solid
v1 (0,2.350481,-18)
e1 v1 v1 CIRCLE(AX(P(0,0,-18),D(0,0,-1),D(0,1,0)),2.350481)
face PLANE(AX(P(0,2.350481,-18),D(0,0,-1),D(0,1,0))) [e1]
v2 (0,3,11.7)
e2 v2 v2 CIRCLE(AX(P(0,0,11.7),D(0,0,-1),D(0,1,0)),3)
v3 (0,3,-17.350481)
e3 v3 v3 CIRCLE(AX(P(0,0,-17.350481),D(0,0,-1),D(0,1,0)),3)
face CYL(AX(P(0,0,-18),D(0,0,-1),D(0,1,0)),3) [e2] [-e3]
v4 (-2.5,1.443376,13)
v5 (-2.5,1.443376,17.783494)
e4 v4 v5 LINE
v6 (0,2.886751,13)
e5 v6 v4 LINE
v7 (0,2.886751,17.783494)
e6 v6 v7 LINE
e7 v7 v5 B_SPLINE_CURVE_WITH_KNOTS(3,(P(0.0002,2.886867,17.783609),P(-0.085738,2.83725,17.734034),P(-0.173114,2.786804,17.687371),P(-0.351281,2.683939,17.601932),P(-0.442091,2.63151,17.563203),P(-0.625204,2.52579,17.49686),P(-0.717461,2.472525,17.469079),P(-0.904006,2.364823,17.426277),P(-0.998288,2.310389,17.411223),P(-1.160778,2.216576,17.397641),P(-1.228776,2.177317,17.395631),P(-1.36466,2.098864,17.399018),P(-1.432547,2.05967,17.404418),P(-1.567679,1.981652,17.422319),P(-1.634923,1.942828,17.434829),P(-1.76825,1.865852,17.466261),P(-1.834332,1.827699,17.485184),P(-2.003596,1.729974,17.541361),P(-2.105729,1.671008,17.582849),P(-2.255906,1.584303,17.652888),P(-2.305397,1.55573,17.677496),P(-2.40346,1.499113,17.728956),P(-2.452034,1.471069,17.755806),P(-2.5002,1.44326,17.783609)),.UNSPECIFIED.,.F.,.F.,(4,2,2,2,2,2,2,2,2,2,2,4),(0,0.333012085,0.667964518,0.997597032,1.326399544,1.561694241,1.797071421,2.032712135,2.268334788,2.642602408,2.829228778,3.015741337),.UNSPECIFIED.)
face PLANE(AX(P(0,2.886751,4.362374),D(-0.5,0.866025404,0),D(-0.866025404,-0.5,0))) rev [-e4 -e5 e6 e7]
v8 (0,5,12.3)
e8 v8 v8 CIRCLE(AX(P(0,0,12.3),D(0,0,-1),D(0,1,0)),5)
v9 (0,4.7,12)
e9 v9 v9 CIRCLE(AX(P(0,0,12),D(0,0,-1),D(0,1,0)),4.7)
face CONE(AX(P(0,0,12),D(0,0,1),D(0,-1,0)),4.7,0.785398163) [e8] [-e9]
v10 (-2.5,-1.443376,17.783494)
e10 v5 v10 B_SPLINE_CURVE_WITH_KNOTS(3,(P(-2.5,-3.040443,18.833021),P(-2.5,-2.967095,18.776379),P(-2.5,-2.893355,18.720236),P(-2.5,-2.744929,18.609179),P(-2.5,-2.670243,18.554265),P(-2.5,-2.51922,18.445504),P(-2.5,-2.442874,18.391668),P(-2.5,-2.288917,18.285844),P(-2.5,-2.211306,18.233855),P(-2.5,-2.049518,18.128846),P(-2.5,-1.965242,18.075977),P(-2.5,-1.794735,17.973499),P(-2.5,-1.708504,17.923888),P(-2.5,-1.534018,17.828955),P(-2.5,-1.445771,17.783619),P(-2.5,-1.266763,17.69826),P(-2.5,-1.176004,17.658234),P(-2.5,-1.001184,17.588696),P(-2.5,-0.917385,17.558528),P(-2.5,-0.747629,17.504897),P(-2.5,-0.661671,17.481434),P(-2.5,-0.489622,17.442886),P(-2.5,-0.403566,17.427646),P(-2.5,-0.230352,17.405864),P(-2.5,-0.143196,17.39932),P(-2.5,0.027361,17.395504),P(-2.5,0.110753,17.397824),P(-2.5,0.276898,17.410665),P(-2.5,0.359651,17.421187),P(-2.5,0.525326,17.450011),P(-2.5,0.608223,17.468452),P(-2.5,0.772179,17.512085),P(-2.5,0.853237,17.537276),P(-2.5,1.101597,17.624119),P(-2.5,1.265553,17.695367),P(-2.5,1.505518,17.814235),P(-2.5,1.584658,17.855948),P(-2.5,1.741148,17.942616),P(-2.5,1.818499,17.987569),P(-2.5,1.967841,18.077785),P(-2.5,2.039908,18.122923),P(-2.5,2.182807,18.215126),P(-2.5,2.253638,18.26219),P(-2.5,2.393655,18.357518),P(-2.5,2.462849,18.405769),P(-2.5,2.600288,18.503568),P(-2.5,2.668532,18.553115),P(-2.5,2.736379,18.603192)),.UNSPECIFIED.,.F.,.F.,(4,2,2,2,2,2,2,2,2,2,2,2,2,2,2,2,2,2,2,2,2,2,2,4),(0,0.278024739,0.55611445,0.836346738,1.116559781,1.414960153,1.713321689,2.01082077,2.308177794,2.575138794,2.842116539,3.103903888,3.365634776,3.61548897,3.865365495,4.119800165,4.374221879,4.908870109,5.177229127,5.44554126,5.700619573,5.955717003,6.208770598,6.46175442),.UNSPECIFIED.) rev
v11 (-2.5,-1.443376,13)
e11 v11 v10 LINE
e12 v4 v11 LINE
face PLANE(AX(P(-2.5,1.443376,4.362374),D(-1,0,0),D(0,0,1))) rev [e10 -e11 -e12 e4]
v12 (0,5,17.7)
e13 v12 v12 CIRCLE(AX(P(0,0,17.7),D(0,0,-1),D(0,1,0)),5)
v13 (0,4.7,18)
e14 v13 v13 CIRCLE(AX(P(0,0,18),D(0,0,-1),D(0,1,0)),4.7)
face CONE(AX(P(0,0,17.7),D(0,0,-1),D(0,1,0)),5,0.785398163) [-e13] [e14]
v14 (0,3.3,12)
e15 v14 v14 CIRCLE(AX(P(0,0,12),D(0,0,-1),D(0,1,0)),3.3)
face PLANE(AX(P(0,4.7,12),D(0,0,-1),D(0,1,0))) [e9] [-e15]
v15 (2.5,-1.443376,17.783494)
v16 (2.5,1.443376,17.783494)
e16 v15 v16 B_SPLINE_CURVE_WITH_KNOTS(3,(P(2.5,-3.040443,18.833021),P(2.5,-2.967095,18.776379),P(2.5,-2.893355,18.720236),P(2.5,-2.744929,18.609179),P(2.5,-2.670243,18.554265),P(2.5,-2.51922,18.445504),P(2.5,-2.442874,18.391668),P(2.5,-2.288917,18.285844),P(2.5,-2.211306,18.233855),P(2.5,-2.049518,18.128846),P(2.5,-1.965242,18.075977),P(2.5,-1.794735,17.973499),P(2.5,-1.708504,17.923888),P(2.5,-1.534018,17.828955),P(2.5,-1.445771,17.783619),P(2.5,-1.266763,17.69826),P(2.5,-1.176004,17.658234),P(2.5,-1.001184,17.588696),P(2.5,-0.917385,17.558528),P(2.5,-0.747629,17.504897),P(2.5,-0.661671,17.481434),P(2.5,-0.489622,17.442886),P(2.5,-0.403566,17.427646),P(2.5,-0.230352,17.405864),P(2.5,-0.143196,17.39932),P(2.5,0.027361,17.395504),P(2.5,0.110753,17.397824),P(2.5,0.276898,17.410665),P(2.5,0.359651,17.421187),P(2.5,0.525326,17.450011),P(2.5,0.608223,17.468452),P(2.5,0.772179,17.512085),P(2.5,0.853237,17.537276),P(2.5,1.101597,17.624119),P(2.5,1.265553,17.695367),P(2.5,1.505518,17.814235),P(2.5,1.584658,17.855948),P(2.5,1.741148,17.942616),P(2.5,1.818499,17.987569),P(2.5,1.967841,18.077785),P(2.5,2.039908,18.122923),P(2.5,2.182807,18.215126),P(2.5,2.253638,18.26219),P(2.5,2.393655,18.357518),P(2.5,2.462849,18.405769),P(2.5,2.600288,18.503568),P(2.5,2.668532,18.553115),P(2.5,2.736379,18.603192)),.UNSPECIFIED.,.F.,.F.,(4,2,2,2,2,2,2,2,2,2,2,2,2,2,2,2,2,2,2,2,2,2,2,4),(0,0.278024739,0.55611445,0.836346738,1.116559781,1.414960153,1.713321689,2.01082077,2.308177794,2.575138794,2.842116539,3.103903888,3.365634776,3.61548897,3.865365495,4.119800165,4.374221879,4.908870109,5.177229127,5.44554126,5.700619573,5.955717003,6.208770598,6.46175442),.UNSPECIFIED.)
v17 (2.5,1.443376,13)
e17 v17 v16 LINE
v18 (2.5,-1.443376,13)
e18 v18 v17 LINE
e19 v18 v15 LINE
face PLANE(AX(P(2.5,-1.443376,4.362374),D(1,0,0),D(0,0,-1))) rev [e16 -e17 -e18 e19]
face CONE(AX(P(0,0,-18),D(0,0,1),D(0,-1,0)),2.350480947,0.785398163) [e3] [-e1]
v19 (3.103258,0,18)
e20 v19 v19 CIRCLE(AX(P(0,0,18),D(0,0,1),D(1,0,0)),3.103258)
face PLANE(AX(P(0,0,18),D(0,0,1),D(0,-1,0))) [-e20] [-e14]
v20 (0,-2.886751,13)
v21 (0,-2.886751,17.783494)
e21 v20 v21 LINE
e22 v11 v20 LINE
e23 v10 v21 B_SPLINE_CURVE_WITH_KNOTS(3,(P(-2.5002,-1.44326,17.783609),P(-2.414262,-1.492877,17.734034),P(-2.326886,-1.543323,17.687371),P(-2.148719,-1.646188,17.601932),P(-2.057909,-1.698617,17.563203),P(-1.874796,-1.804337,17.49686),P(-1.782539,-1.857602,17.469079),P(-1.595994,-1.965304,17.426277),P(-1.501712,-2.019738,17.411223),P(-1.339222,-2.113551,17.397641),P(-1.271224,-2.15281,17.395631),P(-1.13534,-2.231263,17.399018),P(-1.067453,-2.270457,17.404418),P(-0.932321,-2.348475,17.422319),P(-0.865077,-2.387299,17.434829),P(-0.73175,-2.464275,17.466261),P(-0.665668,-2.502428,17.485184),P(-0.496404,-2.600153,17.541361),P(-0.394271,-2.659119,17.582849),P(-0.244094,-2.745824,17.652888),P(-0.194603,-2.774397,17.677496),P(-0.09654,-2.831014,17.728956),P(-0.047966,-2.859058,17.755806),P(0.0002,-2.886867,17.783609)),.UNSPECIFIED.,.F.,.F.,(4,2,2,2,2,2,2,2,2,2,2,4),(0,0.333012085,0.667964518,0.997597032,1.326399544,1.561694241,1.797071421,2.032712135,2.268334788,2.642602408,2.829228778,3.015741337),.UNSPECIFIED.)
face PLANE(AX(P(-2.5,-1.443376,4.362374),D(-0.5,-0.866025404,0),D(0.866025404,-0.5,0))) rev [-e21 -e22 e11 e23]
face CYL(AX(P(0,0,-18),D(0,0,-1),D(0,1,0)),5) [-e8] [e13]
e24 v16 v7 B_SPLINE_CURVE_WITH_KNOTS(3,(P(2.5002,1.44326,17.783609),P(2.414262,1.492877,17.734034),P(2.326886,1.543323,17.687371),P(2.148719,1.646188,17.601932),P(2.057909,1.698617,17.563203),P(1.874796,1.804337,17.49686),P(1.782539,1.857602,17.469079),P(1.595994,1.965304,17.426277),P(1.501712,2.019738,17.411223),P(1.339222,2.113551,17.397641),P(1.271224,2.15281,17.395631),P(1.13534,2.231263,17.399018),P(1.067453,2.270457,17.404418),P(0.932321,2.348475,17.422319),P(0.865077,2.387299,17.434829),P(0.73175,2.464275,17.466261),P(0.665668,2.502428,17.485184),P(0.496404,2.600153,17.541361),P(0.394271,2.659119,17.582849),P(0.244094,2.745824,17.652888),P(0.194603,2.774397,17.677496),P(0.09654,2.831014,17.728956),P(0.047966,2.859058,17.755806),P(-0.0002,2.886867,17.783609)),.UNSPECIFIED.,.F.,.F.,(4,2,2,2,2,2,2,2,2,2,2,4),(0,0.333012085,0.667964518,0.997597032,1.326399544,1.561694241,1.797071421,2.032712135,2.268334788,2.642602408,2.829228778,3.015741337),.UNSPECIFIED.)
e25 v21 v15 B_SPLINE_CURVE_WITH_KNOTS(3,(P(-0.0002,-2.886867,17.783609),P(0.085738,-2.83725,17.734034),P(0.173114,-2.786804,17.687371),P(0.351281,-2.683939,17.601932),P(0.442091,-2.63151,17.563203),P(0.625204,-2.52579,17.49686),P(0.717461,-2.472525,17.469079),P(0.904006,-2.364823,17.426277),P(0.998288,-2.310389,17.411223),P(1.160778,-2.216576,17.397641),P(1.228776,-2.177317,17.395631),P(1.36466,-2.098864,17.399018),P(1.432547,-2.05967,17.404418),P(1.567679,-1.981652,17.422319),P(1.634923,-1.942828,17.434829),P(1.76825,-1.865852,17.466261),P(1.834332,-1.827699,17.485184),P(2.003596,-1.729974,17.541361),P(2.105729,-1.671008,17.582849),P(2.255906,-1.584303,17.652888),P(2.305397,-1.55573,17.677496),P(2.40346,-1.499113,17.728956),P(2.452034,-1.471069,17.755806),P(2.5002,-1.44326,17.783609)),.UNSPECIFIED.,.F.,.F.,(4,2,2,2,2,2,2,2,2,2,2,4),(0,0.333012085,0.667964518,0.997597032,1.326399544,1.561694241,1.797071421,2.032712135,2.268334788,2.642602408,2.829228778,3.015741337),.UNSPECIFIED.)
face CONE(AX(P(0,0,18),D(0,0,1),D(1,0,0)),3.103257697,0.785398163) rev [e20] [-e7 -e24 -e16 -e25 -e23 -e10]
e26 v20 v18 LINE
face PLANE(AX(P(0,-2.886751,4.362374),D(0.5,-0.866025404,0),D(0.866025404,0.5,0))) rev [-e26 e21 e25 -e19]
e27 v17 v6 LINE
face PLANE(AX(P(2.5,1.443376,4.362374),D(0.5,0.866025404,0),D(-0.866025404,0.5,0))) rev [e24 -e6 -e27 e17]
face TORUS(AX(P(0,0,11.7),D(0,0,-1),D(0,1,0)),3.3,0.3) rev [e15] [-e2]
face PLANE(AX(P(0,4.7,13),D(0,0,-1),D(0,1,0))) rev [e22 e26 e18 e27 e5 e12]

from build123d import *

# Parameters (mm, degrees)
CUT_EXTRUDE1_DEPTH = 5
SKETCH4_R          = 3.103257697
CUT_EXTRUDE2_DEPTH = 5
CUT_EXTRUDE2_DRAFT = -45


with BuildPart() as part:
    # Sketch2 → Revolve1 (revolve)
    with BuildSketch(Plane(origin=(0, 0, 0), x_dir=(0, 0, -1), z_dir=(1, 0, 0))):
        with BuildLine():
            Line((-18, 0), (-18, 4.7))
            Line((-18, 4.7), (-17.7, 5))
            Line((-17.7, 5), (-12.3, 5))
            Line((-12.3, 5), (-12, 4.7))
            Line((-12, 4.7), (-12, 3.3))
            ThreePointArc((-12, 3.3), (-11.912132034, 3.087867966), (-11.7, 3))
            Line((-11.7, 3), (17.350480947, 3))
            Line((17.350480947, 3), (18, 2.350480947))
            Line((18, 2.350480947), (18, 0))
            Line((18, 0), (-18, 0))
        make_face()
    revolve(axis=Axis((0, 0, -18), (0, 0, 1)))

    # Sketch3 → Cut-Extrude1 (cut)
    with BuildSketch(Plane.XY.offset(18)):
        Polygon((2.5, -1.443375673), (2.5, 1.443375673), (0, 2.886751346), (-2.5, 1.443375673), (-2.5, -1.443375673), (0, -2.886751346), align=None)
    extrude(amount=-CUT_EXTRUDE1_DEPTH, mode=Mode.SUBTRACT)


with BuildPart() as cut_extrude2_tool:
    # Sketch4 → Cut-Extrude2 (with draft: the straight prism first)
    with BuildSketch(Plane.XY.offset(18)):
        Circle(SKETCH4_R)
    extrude(amount=-CUT_EXTRUDE2_DEPTH)
    # Cut-Extrude2: the draft: its side faces are tilted about the plane it starts from
    cut_extrude2_sides = [cut_extrude2_tool.faces().sort_by_distance(p)[0] for p in [
        (-3.103257697, 0, 15.5),
    ]]
    draft(cut_extrude2_sides, Plane.XY.offset(18), CUT_EXTRUDE2_DRAFT)


with BuildPart() as part_1:
    add(part.part)

    # Cut-Extrude2: cut by cut_extrude2_tool
    add(cut_extrude2_tool.part, mode=Mode.SUBTRACT)


solid = part_1.part
